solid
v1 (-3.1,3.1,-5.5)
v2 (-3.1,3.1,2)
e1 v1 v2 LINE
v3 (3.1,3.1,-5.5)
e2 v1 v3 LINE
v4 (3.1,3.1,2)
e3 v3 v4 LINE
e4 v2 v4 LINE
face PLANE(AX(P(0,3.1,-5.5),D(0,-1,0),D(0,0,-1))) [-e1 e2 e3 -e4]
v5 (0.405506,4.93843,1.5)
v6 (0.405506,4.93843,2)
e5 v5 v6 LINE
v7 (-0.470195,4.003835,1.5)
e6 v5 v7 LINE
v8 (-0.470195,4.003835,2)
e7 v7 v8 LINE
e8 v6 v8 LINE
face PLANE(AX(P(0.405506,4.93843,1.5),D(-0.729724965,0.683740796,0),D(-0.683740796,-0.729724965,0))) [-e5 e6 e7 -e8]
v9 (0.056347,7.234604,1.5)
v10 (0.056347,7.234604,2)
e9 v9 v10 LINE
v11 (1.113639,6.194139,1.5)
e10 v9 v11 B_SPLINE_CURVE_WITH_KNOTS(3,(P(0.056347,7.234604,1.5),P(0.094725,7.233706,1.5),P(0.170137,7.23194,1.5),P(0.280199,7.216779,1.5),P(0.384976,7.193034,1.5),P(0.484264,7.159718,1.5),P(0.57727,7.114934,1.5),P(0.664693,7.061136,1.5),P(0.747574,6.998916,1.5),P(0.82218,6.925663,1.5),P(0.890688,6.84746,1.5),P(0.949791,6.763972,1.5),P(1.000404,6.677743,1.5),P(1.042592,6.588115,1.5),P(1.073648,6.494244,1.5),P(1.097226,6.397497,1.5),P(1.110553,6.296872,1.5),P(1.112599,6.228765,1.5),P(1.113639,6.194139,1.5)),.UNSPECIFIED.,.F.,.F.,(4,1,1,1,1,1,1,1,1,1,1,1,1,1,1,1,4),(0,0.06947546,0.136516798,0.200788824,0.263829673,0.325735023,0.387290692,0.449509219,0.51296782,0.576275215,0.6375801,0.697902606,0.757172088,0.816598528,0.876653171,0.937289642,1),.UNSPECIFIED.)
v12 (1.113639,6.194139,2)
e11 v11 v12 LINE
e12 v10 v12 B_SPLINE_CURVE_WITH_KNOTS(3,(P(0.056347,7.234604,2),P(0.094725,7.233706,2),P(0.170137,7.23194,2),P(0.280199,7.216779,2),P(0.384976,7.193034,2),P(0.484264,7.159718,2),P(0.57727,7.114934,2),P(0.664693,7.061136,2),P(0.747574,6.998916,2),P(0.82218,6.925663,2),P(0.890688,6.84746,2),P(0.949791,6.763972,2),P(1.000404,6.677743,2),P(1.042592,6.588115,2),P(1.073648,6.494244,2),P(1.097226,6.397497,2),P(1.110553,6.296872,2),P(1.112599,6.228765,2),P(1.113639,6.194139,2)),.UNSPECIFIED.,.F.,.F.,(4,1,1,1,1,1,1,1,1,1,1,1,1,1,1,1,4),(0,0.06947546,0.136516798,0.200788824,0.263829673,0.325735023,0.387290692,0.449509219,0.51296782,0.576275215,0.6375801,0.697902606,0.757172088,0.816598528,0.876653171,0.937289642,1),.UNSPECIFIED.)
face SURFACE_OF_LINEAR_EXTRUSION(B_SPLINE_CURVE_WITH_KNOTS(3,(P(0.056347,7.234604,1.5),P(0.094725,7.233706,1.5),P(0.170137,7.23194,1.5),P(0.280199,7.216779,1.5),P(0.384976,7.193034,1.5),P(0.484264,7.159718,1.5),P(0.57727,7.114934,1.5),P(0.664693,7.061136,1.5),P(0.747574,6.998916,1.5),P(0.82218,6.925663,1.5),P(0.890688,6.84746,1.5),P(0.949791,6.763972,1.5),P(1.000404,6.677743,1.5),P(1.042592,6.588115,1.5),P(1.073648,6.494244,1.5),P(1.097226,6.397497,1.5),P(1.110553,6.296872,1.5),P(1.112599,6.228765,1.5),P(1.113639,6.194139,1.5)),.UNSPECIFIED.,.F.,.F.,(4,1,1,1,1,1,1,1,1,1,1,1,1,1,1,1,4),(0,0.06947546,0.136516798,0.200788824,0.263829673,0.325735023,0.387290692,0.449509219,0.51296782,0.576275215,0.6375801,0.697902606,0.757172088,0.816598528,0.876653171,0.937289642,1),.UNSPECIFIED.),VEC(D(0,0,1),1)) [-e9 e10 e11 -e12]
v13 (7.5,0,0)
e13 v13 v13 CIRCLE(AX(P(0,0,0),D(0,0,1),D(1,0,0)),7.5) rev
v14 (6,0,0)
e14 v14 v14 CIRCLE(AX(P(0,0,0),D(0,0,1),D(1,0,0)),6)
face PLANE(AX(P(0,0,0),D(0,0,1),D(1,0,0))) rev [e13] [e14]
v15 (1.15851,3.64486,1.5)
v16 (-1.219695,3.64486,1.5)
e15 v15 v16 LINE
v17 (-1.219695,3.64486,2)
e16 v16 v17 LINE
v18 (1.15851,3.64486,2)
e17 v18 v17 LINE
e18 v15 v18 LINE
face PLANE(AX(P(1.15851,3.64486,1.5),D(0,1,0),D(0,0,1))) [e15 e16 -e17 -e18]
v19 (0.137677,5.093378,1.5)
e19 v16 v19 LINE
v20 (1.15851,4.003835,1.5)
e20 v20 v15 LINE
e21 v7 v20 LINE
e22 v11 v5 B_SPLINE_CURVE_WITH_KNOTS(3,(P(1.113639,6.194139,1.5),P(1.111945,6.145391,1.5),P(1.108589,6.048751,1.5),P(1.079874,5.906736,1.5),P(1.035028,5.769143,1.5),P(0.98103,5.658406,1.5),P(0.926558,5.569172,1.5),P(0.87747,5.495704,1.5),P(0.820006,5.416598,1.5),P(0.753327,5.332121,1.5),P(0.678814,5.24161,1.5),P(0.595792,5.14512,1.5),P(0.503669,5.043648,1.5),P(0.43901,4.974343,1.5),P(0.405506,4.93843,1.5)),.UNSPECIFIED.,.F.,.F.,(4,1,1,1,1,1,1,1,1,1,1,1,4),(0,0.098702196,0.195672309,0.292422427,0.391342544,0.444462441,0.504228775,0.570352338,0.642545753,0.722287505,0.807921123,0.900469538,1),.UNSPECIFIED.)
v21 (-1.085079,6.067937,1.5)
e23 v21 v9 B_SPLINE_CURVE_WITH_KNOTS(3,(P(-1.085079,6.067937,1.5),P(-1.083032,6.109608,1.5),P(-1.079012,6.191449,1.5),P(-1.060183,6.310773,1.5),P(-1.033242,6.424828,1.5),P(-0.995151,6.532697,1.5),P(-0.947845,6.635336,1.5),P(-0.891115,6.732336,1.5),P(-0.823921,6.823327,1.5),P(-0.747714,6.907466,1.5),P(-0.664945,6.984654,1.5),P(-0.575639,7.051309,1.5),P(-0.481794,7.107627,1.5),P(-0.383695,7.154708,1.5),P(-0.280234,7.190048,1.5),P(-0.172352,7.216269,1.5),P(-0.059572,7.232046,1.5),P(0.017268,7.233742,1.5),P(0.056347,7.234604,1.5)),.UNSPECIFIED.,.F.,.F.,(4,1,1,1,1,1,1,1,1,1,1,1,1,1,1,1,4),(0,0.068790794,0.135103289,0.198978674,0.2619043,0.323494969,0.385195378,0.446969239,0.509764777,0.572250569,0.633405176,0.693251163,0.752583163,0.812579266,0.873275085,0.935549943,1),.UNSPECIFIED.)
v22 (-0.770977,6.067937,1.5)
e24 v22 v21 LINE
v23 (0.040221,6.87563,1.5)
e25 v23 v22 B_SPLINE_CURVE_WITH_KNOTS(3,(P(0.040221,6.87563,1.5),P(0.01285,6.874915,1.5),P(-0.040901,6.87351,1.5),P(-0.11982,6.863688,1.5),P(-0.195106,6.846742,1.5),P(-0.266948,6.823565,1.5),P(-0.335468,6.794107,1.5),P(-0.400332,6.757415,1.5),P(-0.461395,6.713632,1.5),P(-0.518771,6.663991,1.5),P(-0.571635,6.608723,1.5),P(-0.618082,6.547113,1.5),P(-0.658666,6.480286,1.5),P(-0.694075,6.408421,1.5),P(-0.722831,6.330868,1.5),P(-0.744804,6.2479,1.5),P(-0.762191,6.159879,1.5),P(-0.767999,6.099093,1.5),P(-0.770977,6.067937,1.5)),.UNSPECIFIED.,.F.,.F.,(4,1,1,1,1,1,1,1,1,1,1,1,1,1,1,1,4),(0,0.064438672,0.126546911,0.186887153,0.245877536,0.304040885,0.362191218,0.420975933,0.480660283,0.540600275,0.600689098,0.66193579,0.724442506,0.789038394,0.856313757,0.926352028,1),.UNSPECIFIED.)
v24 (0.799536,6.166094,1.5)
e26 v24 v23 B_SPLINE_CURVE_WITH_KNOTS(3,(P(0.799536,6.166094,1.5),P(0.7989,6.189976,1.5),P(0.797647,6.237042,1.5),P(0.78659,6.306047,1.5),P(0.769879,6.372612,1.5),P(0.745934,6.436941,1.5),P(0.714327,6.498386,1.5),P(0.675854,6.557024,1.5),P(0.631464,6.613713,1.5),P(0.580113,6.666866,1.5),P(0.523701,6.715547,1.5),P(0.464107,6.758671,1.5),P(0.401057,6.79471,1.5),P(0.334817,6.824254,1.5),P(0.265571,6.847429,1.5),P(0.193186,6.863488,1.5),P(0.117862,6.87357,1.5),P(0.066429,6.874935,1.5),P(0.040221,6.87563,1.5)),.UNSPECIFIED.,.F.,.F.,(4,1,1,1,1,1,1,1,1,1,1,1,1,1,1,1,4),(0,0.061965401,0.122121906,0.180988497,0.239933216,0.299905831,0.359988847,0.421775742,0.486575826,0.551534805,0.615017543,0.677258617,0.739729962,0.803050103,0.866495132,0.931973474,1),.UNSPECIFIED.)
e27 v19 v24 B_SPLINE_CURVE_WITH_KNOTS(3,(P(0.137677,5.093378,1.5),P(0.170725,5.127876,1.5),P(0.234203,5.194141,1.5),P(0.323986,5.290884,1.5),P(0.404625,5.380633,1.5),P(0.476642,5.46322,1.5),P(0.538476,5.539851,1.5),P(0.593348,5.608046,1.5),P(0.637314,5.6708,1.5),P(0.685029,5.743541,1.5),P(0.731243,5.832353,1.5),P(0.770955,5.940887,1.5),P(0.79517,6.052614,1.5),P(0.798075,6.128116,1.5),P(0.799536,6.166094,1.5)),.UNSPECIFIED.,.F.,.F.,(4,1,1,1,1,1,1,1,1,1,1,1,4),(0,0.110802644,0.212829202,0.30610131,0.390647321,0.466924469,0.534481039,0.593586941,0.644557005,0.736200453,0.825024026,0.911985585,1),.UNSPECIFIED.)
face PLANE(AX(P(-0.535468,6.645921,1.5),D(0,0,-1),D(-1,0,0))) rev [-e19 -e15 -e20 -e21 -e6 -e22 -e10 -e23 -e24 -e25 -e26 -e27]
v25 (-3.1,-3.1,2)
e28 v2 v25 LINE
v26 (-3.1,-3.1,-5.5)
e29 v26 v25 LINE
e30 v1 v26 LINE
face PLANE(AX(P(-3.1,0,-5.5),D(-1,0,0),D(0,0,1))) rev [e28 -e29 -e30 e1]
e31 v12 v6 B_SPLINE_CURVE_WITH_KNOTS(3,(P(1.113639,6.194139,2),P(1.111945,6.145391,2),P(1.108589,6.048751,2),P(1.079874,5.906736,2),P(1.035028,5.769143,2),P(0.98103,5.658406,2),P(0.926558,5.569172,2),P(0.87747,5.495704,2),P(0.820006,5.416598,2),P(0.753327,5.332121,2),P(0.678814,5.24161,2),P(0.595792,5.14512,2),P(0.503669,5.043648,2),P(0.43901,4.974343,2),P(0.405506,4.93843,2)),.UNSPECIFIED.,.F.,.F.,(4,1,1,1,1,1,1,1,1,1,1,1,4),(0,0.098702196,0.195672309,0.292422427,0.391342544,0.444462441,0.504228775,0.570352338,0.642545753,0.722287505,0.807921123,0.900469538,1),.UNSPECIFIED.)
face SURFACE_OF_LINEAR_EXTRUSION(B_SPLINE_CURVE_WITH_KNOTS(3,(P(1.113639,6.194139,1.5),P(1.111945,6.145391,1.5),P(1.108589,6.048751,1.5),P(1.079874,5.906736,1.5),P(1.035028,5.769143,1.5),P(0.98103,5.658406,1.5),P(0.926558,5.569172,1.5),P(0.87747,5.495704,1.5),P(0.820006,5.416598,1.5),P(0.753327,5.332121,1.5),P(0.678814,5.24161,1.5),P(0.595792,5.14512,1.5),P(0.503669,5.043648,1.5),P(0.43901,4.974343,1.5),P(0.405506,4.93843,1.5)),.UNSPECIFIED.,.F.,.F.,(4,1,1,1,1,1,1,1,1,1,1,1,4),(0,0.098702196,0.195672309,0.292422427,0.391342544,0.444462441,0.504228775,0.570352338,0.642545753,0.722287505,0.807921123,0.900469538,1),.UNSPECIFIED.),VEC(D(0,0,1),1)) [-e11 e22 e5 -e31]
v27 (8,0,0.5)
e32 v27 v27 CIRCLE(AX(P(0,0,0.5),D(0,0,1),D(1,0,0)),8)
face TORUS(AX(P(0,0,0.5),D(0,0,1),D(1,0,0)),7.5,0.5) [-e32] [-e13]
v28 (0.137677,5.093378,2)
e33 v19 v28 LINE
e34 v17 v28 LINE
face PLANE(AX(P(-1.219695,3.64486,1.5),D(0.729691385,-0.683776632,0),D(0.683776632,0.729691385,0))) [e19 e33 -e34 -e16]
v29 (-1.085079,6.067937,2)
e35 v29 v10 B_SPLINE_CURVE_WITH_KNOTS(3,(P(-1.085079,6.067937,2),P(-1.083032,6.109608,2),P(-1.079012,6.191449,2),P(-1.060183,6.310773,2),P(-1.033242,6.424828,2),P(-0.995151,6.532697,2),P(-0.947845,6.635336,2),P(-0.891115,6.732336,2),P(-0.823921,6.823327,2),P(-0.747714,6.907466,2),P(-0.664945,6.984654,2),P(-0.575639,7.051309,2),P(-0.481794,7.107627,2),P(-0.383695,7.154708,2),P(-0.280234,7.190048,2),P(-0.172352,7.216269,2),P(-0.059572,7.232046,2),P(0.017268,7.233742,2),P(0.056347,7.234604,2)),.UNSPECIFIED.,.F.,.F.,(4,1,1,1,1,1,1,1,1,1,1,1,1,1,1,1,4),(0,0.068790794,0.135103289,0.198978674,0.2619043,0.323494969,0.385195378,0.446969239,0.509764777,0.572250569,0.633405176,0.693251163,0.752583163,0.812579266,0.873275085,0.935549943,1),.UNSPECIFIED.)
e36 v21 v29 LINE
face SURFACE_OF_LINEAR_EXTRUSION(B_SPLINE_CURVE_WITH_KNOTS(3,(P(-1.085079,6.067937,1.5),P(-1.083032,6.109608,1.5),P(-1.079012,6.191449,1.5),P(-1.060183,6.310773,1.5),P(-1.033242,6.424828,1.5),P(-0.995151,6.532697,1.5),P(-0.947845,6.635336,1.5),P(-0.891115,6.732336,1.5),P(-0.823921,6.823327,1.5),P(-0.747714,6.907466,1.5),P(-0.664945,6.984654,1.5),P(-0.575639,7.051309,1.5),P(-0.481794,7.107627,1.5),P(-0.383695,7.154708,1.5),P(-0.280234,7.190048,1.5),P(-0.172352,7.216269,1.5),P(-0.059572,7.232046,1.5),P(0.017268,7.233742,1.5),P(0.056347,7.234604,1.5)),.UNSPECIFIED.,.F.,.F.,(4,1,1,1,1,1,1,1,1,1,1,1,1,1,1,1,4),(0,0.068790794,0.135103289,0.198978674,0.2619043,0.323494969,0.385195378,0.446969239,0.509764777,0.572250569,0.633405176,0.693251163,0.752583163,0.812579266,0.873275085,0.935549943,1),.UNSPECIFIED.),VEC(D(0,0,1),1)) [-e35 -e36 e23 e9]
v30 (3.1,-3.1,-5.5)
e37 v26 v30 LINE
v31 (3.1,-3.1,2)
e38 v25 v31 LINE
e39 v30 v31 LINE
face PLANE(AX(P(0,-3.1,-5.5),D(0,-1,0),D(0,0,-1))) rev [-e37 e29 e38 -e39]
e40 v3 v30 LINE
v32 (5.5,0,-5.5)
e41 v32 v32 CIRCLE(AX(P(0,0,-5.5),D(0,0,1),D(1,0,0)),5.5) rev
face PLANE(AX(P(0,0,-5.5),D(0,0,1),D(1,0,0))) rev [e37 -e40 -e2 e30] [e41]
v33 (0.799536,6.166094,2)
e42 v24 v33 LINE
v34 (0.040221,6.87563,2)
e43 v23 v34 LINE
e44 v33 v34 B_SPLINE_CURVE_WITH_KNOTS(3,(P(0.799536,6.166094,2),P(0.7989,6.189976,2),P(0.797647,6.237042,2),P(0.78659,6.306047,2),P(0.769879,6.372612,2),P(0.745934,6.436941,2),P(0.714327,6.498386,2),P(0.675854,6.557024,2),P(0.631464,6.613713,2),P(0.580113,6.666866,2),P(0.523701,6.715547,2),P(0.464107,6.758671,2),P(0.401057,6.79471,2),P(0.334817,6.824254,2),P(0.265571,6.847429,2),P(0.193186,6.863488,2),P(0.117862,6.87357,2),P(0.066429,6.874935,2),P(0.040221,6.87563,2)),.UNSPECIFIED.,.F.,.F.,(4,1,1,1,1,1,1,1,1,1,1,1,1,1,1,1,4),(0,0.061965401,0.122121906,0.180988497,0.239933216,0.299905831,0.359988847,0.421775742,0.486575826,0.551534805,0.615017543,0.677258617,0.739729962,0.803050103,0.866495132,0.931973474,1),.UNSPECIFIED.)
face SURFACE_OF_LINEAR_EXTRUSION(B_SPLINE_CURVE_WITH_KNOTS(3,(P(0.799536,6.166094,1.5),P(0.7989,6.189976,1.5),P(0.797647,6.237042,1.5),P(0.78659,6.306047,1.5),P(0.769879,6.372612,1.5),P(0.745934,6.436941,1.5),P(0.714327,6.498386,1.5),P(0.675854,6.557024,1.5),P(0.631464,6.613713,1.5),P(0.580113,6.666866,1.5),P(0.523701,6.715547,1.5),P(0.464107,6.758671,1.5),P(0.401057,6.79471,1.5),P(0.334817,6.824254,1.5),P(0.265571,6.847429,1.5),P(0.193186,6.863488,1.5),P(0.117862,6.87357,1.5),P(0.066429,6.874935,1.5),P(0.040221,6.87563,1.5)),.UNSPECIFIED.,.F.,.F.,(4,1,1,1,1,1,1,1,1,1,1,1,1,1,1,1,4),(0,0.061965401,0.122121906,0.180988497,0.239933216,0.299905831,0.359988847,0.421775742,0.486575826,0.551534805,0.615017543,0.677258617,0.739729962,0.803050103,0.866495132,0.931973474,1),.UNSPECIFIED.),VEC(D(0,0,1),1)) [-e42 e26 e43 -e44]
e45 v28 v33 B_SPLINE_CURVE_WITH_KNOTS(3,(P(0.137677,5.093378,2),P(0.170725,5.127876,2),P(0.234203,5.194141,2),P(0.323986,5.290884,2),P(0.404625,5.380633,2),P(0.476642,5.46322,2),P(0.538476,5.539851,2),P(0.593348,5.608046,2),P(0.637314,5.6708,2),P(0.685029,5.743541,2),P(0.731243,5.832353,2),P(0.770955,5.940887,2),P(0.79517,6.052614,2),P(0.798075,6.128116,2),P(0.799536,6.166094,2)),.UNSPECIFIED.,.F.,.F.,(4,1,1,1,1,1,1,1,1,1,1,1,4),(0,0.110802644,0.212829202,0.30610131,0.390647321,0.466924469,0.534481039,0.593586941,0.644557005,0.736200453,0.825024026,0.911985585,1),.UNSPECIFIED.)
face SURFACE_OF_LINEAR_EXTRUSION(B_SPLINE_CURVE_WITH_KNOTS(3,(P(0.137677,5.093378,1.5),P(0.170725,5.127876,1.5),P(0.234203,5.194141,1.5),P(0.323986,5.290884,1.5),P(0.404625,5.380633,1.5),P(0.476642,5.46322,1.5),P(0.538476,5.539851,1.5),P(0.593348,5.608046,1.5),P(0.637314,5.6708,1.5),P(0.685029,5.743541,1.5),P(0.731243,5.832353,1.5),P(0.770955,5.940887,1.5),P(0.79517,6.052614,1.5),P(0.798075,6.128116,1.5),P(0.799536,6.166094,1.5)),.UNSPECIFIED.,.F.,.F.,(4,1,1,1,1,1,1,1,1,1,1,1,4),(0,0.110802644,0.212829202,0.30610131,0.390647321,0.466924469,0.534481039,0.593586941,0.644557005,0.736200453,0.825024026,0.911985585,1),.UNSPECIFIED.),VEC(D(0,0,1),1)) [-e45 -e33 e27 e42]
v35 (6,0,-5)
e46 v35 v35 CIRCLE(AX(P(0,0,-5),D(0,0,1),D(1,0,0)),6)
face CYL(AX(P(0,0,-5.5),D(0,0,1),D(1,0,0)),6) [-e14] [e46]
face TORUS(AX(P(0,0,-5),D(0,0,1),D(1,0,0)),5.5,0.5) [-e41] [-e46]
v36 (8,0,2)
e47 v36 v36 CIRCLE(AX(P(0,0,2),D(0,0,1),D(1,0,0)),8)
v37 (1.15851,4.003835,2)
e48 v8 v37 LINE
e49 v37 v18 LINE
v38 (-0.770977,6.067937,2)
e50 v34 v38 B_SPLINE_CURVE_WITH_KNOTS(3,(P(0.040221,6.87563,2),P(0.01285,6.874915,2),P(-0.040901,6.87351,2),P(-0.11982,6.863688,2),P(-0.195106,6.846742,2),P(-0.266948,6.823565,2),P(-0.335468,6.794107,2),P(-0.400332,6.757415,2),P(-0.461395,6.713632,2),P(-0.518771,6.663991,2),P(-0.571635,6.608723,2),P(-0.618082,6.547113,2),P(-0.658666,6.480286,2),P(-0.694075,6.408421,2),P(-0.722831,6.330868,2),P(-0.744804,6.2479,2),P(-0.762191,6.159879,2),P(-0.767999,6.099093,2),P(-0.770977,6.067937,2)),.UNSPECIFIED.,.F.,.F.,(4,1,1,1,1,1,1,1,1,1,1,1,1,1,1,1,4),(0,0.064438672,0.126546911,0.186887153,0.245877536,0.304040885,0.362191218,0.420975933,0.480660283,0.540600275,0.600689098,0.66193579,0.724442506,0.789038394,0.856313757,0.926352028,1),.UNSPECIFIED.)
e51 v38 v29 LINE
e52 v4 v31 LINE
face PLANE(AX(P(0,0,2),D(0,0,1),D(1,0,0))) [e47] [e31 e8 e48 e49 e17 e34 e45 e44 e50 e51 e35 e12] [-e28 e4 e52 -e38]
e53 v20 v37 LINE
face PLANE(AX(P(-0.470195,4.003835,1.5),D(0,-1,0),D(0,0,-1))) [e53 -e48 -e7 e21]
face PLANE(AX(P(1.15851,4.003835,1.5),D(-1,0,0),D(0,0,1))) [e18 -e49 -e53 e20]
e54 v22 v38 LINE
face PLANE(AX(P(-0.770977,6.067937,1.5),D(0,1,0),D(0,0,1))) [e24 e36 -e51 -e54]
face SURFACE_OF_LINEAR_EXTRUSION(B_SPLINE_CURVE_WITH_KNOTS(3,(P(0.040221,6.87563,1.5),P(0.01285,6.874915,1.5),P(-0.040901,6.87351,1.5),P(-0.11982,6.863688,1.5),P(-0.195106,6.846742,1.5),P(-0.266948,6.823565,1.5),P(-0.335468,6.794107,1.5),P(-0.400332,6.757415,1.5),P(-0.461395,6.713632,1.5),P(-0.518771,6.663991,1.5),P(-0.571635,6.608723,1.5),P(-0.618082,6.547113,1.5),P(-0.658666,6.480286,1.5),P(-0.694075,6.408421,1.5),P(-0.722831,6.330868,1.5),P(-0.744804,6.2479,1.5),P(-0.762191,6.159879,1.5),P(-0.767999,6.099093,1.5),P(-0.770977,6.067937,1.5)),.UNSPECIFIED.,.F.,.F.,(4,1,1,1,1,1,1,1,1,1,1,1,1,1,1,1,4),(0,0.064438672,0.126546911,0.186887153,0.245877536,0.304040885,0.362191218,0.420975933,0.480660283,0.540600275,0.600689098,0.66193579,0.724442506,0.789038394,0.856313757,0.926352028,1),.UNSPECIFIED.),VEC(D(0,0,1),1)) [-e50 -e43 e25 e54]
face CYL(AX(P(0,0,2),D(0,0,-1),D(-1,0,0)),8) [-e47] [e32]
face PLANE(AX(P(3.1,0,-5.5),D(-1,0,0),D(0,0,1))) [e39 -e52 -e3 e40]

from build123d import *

# Parameters (mm, degrees)
SKETCH1_R           = 6
SKETCH1_W           = 6.2
SKETCH1_H           = 6.2
BOSS_EXTRUDE1_DEPTH = 5.5
SKETCH1_3_R         = 8
SKETCH1_3_W         = 6.2
SKETCH1_3_H         = 6.2
BOSS_EXTRUDE2_DEPTH = 2
FILLET1_R           = 0.5
CUT_EXTRUDE1_DEPTH  = 0.5


with BuildPart() as part:
    # Sketch1 → Boss-Extrude1 (new body)
    with BuildSketch(Plane.XY):
        Circle(SKETCH1_R)
        Rectangle(SKETCH1_W, SKETCH1_H, mode=Mode.SUBTRACT)
    extrude(amount=-BOSS_EXTRUDE1_DEPTH)

    # Sketch1<3> → Boss-Extrude2 (add)
    with BuildSketch(Plane.XY):
        Circle(SKETCH1_3_R)
        Rectangle(SKETCH1_3_W, SKETCH1_3_H, mode=Mode.SUBTRACT)
    extrude(amount=BOSS_EXTRUDE2_DEPTH)

    # Fillet1
    fillet1_edges = [part.edges().sort_by_distance(p)[0] for p in [
        (-8, 0, 0),
        (-6, 0, -5.5),
    ]]
    fillet(fillet1_edges, radius=FILLET1_R)

    # Sketch2 → Cut-Extrude1 (cut)
    with BuildSketch(Plane.XY.offset(2)):
        with BuildLine():
            Line((-0.770976701, 6.067937408), (-1.085079266, 6.067937408))
            add(Edge.make_bspline(
                [(-1.085079266, 6.067937408), (-1.083032113, 6.109608296), (-1.079011558, 6.19144881), (-1.060183269, 6.310772717), (-1.033242392, 6.424827515), (-0.995150938, 6.532697429), (-0.94784466, 6.635336237), (-0.891114633, 6.732336252), (-0.823920782, 6.823327441), (-0.747714048, 6.907466284), (-0.664945409, 6.984653855), (-0.57563947, 7.051309098), (-0.481794442, 7.107626769), (-0.383695044, 7.154708011), (-0.28023448, 7.190047857), (-0.172351622, 7.216269497), (-0.059572486, 7.232045842), (0.017267536, 7.233741628), (0.056347017, 7.234604075)],
                knots=[0, 0, 0, 0, 1.10065271, 2.161652631, 3.183658789, 4.190468796, 5.17591951, 6.163126047, 7.15150782, 8.156236427, 9.156009102, 10.134482811, 11.092018607, 12.041330605, 13.001268258, 13.972401359, 14.968799086, 16, 16, 16, 16], degree=3))
            add(Edge.make_bspline(
                [(0.056347017, 7.234604075), (0.094725091, 7.233705618), (0.170136635, 7.231940183), (0.28019865, 7.216779154), (0.384975944, 7.193033562), (0.484263711, 7.159718146), (0.577269775, 7.114933719), (0.66469282, 7.06113618), (0.747573631, 6.998916349), (0.822180414, 6.925662535), (0.890688493, 6.847460151), (0.949790749, 6.763972247), (1.000403912, 6.677742961), (1.042591592, 6.58811476), (1.073647731, 6.494243731), (1.097225939, 6.397496529), (1.110553353, 6.296871718), (1.112598776, 6.228765162), (1.113638683, 6.194139331)],
                knots=[0, 0, 0, 0, 1.111607364, 2.184268762, 3.212621178, 4.221274766, 5.211760367, 6.196651075, 7.1921475, 8.207485113, 9.220403448, 10.201281604, 11.166441695, 12.114753415, 13.065576456, 14.026450734, 14.996634279, 16, 16, 16, 16], degree=3))
            add(Edge.make_bspline(
                [(1.113638683, 6.194139331), (1.11194542, 6.145391496), (1.108588609, 6.048751283), (1.079874232, 5.90673642), (1.035027721, 5.769143001), (0.981030364, 5.658405699), (0.92655792, 5.569172205), (0.877470413, 5.4957035), (0.820005602, 5.416598032), (0.753327104, 5.332120694), (0.678814232, 5.241609789), (0.595792068, 5.145119994), (0.503668586, 5.043648224), (0.439010086, 4.974342623), (0.40550567, 4.938430196)],
                knots=[0, 0, 0, 0, 1.184426356, 2.348067706, 3.509069118, 4.696110526, 5.333549288, 6.050745305, 6.844228056, 7.710549037, 8.667450064, 9.695053472, 10.805634456, 12, 12, 12, 12], degree=3))
            Line((0.40550567, 4.938430196), (-0.470195451, 4.003834844))
            Line((-0.470195451, 4.003834844), (1.158510478, 4.003834844))
            Line((1.158510478, 4.003834844), (1.158510478, 3.644860485))
            Line((1.158510478, 3.644860485), (-1.21969465, 3.644860485))
            Line((-1.21969465, 3.644860485), (0.137677145, 5.093378113))
            add(Edge.make_bspline(
                [(0.137677145, 5.093378113), (0.170725032, 5.12787642), (0.234203259, 5.194140606), (0.323985835, 5.290883566), (0.404624824, 5.380633107), (0.476642217, 5.463219656), (0.538475722, 5.539851223), (0.593347954, 5.608045927), (0.637313545, 5.670800377), (0.685028941, 5.743540991), (0.731242922, 5.832353308), (0.770955278, 5.940886998), (0.795170126, 6.05261425), (0.798074962, 6.128116287), (0.799536119, 6.166094459)],
                knots=[0, 0, 0, 0, 1.329631726, 2.553950428, 3.673215718, 4.687767853, 5.603093632, 6.413772471, 7.123043292, 7.734684054, 8.834405432, 9.900288307, 10.943827018, 12, 12, 12, 12], degree=3))
            add(Edge.make_bspline(
                [(0.799536119, 6.166094459), (0.798900377, 6.189975858), (0.797647451, 6.237041508), (0.786589753, 6.306047267), (0.769879247, 6.372612081), (0.745933989, 6.4369407), (0.714327249, 6.498386352), (0.675853869, 6.557023832), (0.631463806, 6.613712797), (0.580112536, 6.666866095), (0.523701017, 6.715547301), (0.464106767, 6.758671386), (0.401056663, 6.794710497), (0.334816541, 6.824253994), (0.265571071, 6.847429376), (0.193186326, 6.863487955), (0.11786231, 6.873570439), (0.066428814, 6.874934611), (0.040221215, 6.875629716)],
                knots=[0, 0, 0, 0, 0.991446411, 1.95395049, 2.89581595, 3.838931463, 4.798493298, 5.75982156, 6.748411868, 7.785213223, 8.824556874, 9.840280684, 10.836137867, 11.835679398, 12.848801643, 13.863922112, 14.911575587, 16, 16, 16, 16], degree=3))
            add(Edge.make_bspline(
                [(0.040221215, 6.875629716), (0.012850382, 6.874914683), (-0.040901414, 6.873510478), (-0.119820447, 6.863687814), (-0.195106224, 6.846741974), (-0.266948127, 6.823565299), (-0.335467713, 6.79410675), (-0.400331757, 6.757415006), (-0.461394646, 6.713631513), (-0.51877117, 6.663990956), (-0.571635149, 6.608723355), (-0.618082025, 6.547113392), (-0.658666039, 6.480285977), (-0.694075272, 6.408421426), (-0.722830962, 6.330867646), (-0.744804113, 6.247899941), (-0.762190959, 6.15987856), (-0.76799948, 6.099093475), (-0.770976701, 6.067937408)],
                knots=[0, 0, 0, 0, 1.031018746, 2.02475058, 2.990194455, 3.934040569, 4.864654155, 5.795059489, 6.735614925, 7.690564532, 8.649604399, 9.611025574, 10.590972636, 11.591080095, 12.624614302, 13.701020113, 14.821632451, 16, 16, 16, 16], degree=3))
        make_face()
    extrude(amount=-CUT_EXTRUDE1_DEPTH, mode=Mode.SUBTRACT)


solid = part.part
